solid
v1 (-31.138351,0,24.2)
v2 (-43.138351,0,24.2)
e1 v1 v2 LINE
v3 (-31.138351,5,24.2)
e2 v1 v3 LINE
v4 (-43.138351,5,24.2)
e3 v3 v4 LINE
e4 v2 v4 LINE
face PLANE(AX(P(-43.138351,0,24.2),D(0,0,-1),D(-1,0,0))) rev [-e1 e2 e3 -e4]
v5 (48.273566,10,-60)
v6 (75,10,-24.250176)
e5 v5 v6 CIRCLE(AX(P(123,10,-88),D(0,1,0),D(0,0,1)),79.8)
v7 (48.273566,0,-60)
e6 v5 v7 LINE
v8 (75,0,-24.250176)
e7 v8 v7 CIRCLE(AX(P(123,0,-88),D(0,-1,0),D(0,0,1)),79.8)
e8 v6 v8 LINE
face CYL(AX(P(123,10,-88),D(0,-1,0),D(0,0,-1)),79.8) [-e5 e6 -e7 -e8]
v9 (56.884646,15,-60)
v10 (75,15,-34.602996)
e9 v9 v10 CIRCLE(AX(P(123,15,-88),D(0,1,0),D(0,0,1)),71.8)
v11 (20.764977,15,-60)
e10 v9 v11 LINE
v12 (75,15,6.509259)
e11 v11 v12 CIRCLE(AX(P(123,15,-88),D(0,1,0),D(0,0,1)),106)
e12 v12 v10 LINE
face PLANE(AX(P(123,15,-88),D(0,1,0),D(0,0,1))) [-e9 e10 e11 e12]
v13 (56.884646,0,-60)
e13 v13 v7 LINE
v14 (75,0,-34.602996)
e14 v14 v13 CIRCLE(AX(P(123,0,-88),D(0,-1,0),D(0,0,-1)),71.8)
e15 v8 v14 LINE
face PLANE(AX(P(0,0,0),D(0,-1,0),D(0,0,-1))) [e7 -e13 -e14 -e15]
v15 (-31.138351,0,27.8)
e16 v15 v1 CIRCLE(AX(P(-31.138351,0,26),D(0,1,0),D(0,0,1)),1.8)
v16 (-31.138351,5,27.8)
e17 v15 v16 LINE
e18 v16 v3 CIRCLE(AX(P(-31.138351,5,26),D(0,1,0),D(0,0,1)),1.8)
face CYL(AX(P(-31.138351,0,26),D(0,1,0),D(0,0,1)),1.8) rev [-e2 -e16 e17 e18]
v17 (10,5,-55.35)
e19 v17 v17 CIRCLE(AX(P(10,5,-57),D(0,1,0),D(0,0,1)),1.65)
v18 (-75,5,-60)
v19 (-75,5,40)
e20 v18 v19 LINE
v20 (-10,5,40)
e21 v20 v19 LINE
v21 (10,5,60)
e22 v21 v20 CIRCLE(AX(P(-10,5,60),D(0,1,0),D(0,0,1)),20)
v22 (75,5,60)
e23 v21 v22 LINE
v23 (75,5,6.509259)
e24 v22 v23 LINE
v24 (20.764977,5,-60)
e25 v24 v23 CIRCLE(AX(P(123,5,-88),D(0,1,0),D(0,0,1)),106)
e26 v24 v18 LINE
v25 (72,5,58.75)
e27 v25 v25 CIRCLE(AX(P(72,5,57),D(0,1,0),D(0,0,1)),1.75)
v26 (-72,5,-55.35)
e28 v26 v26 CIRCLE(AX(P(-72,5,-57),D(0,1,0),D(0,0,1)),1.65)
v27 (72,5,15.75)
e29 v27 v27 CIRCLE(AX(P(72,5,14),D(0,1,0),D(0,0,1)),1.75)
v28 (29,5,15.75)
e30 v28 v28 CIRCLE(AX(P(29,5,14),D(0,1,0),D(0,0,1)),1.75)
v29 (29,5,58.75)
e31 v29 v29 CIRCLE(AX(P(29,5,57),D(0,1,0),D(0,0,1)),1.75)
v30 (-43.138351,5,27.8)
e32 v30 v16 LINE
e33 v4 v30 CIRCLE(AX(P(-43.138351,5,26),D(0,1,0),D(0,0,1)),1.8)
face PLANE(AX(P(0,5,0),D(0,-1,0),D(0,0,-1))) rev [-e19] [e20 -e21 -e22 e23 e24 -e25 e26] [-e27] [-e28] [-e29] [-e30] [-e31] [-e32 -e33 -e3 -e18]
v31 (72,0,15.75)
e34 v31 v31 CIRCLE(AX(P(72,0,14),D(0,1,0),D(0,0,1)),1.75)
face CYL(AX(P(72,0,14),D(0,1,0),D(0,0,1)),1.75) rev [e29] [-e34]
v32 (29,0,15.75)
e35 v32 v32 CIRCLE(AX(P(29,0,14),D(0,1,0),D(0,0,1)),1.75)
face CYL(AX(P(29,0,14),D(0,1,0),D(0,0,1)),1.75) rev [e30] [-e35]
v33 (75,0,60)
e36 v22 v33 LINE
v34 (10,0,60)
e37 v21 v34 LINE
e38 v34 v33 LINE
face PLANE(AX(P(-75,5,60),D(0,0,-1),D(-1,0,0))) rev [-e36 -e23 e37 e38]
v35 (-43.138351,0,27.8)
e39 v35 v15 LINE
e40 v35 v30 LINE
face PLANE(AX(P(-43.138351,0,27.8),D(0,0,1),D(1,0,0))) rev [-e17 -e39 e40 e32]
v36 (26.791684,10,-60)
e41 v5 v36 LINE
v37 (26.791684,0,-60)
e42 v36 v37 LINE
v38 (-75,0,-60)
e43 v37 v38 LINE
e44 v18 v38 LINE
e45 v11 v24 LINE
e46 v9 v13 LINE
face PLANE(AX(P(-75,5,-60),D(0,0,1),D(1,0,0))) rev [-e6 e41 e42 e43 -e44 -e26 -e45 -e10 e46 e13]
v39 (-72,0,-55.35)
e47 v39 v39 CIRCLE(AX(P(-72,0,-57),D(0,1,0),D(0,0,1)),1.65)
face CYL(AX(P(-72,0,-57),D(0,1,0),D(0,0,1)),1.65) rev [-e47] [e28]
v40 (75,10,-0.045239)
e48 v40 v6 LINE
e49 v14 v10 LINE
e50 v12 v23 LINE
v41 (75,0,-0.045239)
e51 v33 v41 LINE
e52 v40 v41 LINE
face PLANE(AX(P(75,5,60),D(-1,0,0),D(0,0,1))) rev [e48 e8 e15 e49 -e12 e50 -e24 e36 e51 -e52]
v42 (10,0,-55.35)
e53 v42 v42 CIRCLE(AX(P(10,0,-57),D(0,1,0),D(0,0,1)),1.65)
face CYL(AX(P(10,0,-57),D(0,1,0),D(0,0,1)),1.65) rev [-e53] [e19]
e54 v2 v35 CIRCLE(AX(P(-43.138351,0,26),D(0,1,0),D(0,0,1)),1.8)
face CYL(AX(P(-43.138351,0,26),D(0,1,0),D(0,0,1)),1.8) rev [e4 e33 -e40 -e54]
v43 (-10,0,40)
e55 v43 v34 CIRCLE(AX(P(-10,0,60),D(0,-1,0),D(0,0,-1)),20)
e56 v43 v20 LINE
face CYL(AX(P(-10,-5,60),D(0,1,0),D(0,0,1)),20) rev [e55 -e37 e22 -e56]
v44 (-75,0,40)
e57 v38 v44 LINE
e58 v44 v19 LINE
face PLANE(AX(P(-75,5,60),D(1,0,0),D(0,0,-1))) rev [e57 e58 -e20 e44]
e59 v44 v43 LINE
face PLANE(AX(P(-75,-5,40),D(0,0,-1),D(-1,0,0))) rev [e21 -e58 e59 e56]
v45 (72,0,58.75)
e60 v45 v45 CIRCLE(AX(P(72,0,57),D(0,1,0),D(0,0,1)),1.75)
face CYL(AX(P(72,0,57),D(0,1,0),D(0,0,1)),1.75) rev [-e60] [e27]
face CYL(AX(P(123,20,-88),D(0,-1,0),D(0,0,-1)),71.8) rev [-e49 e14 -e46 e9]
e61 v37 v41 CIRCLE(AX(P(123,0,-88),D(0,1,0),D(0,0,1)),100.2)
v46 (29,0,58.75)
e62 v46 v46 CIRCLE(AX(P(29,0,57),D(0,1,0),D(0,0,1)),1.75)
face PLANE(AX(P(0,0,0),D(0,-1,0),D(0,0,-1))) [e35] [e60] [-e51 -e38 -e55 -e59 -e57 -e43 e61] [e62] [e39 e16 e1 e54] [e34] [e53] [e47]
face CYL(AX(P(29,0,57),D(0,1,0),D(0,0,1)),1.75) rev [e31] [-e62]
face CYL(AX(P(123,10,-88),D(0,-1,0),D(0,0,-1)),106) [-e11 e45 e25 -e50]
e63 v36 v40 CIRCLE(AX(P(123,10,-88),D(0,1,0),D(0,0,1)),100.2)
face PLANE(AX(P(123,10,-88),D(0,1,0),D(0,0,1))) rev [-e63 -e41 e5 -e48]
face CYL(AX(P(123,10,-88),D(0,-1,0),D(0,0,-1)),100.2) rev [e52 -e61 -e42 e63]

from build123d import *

# Parameters (mm, degrees)
SKETCH_2_W          = 150
SKETCH_2_H          = 120
EXTRUDE_1_DEPTH     = 5
SKETCH_3_R          = 1.65
SKETCH_3_R_2        = 1.75
CUT_EXTRUDE_1_DEPTH = 5
EXTRUDE_3_DEPTH     = 5
EXTRUDE_4_DEPTH     = 5
CUT_EXTRUDE_START   = -5
CUT_EXTRUDE_2_DEPTH = 5
CUT_EXTRUDE_4_DEPTH = 20
CUT_EXTRUDE_5_DEPTH = 10


with BuildPart() as part:
    # 草图2 → 凸台-拉伸1 (new body)
    with BuildSketch(Plane(origin=(0, 0, 0), x_dir=(1, 0, 0), z_dir=(0, 1, 0))):
        Rectangle(SKETCH_2_W, SKETCH_2_H)
    extrude(amount=EXTRUDE_1_DEPTH)

    # 草图3 → 切除-拉伸1 (cut)
    with BuildSketch(Plane(origin=(0, 5, 0), x_dir=(1, 0, 0), z_dir=(0, 1, 0))):
        with Locations(Location((-72, 57, 0), (0, 0, 270))):
            Circle(SKETCH_3_R)
        with Locations(Location((10, 57, 0), (0, 0, 270))):
            Circle(SKETCH_3_R)
        with Locations(Location((72, -57, 0), (0, 0, 270))):
            Circle(SKETCH_3_R_2)
        with Locations(Location((29, -57, 0), (0, 0, 270))):
            Circle(SKETCH_3_R_2)
        with Locations(Location((72, -14, 0), (0, 0, 270))):
            Circle(SKETCH_3_R_2)
        with Locations(Location((29, -14, 0), (0, 0, 270))):
            Circle(SKETCH_3_R_2)
        with BuildLine():
            Line((-43.138351407, -24.2), (-31.138351407, -24.2))
            ThreePointArc((-31.138351407, -24.2), (-29.338351407, -26), (-31.138351407, -27.8))
            Line((-31.138351407, -27.8), (-43.138351407, -27.8))
            ThreePointArc((-43.138351407, -27.8), (-44.938351407, -26), (-43.138351407, -24.2))
        make_face()
    extrude(amount=-CUT_EXTRUDE_1_DEPTH, mode=Mode.SUBTRACT)

    # 草图4 → 凸台-拉伸3 (add)
    with BuildSketch(Plane(origin=(0, 5, 0), x_dir=(1, 0, 0), z_dir=(0, 1, 0))):
        with BuildLine():
            Line((75, 24.250176471), (75, 60))
            Line((75, 60), (48.273565588, 60))
            ThreePointArc((48.273565588, 60), (59.086332475, 40.218381113), (75, 24.250176471))
        make_face()
        with BuildLine():
            Line((75, -6.509258806), (75, 0.045238901))
            ThreePointArc((75, 0.045238901), (44.912530325, 25.211568901), (26.791684351, 60))
            Line((26.791684351, 60), (20.764976647, 60))
            ThreePointArc((20.764976647, 60), (40.850679022, 21.0112766), (75, -6.509258806))
        make_face()
    extrude(amount=EXTRUDE_3_DEPTH)

    # 草图5 → 凸台-拉伸4 (add)
    with BuildSketch(Plane(origin=(0, 10, 0), x_dir=(1, 0, 0), z_dir=(0, 1, 0))):
        with BuildLine():
            Line((20.764976647, 60), (75, 60))
            Line((75, 60), (75, -6.509258806))
            ThreePointArc((75, -6.509258806), (40.850679022, 21.0112766), (20.764976647, 60))
        make_face()
    extrude(amount=EXTRUDE_4_DEPTH)

    # 草图6 → 切除-拉伸2 (cut)
    with BuildSketch(Plane(origin=(0, 5, 0), x_dir=(1, 0, 0), z_dir=(0, 1, 0)).offset(CUT_EXTRUDE_START)):
        with BuildLine():
            Line((48.273565588, 60), (26.791684351, 60))
            ThreePointArc((26.791684351, 60), (44.912530325, 25.211568901), (75, 0.045238901))
            Line((75, 0.045238901), (75, 24.250176471))
            ThreePointArc((75, 24.250176471), (59.086332475, 40.218381113), (48.273565588, 60))
        make_face()
    extrude(amount=CUT_EXTRUDE_2_DEPTH, mode=Mode.SUBTRACT)

    # 草图7 → 切除-拉伸4 (cut)
    with BuildSketch(Plane.XZ):
        with BuildLine():
            ThreePointArc((56.884646261, -60), (56.310021612, -61.397616975), (55.764937458, -62.807017544))
            Line((55.764937458, -62.807017544), (81.923412231, -71.445579772))
            Line((81.923412231, -71.445579772), (79.812030075, -30.641136223))
            ThreePointArc((79.812030075, -30.641136223), (77.363002414, -32.56982364), (75, -34.602996339))
            Line((75, -34.602996339), (75, -60))
            Line((75, -60), (56.884646261, -60))
        make_face()
        with BuildLine():
            ThreePointArc((75, -34.602996339), (64.546339392, -46.305761051), (56.884646261, -60))
            Line((56.884646261, -60), (75, -60))
            Line((75, -60), (75, -34.602996339))
        make_face()
    extrude(amount=-CUT_EXTRUDE_4_DEPTH, mode=Mode.SUBTRACT)

    # 草图8 → 切除-拉伸5 (cut)
    with BuildSketch(Plane(origin=(0, 5, 0), x_dir=(1, 0, 0), z_dir=(0, 1, 0))):
        with BuildLine():
            Line((-75, -40), (-10, -40))
            ThreePointArc((-10, -40), (10, -60), (-10, -80))
            Line((-10, -80), (-75, -80))
            ThreePointArc((-75, -80), (-95, -60), (-75, -40))
        make_face()
    extrude(amount=-CUT_EXTRUDE_5_DEPTH, mode=Mode.SUBTRACT)


solid = part.part
